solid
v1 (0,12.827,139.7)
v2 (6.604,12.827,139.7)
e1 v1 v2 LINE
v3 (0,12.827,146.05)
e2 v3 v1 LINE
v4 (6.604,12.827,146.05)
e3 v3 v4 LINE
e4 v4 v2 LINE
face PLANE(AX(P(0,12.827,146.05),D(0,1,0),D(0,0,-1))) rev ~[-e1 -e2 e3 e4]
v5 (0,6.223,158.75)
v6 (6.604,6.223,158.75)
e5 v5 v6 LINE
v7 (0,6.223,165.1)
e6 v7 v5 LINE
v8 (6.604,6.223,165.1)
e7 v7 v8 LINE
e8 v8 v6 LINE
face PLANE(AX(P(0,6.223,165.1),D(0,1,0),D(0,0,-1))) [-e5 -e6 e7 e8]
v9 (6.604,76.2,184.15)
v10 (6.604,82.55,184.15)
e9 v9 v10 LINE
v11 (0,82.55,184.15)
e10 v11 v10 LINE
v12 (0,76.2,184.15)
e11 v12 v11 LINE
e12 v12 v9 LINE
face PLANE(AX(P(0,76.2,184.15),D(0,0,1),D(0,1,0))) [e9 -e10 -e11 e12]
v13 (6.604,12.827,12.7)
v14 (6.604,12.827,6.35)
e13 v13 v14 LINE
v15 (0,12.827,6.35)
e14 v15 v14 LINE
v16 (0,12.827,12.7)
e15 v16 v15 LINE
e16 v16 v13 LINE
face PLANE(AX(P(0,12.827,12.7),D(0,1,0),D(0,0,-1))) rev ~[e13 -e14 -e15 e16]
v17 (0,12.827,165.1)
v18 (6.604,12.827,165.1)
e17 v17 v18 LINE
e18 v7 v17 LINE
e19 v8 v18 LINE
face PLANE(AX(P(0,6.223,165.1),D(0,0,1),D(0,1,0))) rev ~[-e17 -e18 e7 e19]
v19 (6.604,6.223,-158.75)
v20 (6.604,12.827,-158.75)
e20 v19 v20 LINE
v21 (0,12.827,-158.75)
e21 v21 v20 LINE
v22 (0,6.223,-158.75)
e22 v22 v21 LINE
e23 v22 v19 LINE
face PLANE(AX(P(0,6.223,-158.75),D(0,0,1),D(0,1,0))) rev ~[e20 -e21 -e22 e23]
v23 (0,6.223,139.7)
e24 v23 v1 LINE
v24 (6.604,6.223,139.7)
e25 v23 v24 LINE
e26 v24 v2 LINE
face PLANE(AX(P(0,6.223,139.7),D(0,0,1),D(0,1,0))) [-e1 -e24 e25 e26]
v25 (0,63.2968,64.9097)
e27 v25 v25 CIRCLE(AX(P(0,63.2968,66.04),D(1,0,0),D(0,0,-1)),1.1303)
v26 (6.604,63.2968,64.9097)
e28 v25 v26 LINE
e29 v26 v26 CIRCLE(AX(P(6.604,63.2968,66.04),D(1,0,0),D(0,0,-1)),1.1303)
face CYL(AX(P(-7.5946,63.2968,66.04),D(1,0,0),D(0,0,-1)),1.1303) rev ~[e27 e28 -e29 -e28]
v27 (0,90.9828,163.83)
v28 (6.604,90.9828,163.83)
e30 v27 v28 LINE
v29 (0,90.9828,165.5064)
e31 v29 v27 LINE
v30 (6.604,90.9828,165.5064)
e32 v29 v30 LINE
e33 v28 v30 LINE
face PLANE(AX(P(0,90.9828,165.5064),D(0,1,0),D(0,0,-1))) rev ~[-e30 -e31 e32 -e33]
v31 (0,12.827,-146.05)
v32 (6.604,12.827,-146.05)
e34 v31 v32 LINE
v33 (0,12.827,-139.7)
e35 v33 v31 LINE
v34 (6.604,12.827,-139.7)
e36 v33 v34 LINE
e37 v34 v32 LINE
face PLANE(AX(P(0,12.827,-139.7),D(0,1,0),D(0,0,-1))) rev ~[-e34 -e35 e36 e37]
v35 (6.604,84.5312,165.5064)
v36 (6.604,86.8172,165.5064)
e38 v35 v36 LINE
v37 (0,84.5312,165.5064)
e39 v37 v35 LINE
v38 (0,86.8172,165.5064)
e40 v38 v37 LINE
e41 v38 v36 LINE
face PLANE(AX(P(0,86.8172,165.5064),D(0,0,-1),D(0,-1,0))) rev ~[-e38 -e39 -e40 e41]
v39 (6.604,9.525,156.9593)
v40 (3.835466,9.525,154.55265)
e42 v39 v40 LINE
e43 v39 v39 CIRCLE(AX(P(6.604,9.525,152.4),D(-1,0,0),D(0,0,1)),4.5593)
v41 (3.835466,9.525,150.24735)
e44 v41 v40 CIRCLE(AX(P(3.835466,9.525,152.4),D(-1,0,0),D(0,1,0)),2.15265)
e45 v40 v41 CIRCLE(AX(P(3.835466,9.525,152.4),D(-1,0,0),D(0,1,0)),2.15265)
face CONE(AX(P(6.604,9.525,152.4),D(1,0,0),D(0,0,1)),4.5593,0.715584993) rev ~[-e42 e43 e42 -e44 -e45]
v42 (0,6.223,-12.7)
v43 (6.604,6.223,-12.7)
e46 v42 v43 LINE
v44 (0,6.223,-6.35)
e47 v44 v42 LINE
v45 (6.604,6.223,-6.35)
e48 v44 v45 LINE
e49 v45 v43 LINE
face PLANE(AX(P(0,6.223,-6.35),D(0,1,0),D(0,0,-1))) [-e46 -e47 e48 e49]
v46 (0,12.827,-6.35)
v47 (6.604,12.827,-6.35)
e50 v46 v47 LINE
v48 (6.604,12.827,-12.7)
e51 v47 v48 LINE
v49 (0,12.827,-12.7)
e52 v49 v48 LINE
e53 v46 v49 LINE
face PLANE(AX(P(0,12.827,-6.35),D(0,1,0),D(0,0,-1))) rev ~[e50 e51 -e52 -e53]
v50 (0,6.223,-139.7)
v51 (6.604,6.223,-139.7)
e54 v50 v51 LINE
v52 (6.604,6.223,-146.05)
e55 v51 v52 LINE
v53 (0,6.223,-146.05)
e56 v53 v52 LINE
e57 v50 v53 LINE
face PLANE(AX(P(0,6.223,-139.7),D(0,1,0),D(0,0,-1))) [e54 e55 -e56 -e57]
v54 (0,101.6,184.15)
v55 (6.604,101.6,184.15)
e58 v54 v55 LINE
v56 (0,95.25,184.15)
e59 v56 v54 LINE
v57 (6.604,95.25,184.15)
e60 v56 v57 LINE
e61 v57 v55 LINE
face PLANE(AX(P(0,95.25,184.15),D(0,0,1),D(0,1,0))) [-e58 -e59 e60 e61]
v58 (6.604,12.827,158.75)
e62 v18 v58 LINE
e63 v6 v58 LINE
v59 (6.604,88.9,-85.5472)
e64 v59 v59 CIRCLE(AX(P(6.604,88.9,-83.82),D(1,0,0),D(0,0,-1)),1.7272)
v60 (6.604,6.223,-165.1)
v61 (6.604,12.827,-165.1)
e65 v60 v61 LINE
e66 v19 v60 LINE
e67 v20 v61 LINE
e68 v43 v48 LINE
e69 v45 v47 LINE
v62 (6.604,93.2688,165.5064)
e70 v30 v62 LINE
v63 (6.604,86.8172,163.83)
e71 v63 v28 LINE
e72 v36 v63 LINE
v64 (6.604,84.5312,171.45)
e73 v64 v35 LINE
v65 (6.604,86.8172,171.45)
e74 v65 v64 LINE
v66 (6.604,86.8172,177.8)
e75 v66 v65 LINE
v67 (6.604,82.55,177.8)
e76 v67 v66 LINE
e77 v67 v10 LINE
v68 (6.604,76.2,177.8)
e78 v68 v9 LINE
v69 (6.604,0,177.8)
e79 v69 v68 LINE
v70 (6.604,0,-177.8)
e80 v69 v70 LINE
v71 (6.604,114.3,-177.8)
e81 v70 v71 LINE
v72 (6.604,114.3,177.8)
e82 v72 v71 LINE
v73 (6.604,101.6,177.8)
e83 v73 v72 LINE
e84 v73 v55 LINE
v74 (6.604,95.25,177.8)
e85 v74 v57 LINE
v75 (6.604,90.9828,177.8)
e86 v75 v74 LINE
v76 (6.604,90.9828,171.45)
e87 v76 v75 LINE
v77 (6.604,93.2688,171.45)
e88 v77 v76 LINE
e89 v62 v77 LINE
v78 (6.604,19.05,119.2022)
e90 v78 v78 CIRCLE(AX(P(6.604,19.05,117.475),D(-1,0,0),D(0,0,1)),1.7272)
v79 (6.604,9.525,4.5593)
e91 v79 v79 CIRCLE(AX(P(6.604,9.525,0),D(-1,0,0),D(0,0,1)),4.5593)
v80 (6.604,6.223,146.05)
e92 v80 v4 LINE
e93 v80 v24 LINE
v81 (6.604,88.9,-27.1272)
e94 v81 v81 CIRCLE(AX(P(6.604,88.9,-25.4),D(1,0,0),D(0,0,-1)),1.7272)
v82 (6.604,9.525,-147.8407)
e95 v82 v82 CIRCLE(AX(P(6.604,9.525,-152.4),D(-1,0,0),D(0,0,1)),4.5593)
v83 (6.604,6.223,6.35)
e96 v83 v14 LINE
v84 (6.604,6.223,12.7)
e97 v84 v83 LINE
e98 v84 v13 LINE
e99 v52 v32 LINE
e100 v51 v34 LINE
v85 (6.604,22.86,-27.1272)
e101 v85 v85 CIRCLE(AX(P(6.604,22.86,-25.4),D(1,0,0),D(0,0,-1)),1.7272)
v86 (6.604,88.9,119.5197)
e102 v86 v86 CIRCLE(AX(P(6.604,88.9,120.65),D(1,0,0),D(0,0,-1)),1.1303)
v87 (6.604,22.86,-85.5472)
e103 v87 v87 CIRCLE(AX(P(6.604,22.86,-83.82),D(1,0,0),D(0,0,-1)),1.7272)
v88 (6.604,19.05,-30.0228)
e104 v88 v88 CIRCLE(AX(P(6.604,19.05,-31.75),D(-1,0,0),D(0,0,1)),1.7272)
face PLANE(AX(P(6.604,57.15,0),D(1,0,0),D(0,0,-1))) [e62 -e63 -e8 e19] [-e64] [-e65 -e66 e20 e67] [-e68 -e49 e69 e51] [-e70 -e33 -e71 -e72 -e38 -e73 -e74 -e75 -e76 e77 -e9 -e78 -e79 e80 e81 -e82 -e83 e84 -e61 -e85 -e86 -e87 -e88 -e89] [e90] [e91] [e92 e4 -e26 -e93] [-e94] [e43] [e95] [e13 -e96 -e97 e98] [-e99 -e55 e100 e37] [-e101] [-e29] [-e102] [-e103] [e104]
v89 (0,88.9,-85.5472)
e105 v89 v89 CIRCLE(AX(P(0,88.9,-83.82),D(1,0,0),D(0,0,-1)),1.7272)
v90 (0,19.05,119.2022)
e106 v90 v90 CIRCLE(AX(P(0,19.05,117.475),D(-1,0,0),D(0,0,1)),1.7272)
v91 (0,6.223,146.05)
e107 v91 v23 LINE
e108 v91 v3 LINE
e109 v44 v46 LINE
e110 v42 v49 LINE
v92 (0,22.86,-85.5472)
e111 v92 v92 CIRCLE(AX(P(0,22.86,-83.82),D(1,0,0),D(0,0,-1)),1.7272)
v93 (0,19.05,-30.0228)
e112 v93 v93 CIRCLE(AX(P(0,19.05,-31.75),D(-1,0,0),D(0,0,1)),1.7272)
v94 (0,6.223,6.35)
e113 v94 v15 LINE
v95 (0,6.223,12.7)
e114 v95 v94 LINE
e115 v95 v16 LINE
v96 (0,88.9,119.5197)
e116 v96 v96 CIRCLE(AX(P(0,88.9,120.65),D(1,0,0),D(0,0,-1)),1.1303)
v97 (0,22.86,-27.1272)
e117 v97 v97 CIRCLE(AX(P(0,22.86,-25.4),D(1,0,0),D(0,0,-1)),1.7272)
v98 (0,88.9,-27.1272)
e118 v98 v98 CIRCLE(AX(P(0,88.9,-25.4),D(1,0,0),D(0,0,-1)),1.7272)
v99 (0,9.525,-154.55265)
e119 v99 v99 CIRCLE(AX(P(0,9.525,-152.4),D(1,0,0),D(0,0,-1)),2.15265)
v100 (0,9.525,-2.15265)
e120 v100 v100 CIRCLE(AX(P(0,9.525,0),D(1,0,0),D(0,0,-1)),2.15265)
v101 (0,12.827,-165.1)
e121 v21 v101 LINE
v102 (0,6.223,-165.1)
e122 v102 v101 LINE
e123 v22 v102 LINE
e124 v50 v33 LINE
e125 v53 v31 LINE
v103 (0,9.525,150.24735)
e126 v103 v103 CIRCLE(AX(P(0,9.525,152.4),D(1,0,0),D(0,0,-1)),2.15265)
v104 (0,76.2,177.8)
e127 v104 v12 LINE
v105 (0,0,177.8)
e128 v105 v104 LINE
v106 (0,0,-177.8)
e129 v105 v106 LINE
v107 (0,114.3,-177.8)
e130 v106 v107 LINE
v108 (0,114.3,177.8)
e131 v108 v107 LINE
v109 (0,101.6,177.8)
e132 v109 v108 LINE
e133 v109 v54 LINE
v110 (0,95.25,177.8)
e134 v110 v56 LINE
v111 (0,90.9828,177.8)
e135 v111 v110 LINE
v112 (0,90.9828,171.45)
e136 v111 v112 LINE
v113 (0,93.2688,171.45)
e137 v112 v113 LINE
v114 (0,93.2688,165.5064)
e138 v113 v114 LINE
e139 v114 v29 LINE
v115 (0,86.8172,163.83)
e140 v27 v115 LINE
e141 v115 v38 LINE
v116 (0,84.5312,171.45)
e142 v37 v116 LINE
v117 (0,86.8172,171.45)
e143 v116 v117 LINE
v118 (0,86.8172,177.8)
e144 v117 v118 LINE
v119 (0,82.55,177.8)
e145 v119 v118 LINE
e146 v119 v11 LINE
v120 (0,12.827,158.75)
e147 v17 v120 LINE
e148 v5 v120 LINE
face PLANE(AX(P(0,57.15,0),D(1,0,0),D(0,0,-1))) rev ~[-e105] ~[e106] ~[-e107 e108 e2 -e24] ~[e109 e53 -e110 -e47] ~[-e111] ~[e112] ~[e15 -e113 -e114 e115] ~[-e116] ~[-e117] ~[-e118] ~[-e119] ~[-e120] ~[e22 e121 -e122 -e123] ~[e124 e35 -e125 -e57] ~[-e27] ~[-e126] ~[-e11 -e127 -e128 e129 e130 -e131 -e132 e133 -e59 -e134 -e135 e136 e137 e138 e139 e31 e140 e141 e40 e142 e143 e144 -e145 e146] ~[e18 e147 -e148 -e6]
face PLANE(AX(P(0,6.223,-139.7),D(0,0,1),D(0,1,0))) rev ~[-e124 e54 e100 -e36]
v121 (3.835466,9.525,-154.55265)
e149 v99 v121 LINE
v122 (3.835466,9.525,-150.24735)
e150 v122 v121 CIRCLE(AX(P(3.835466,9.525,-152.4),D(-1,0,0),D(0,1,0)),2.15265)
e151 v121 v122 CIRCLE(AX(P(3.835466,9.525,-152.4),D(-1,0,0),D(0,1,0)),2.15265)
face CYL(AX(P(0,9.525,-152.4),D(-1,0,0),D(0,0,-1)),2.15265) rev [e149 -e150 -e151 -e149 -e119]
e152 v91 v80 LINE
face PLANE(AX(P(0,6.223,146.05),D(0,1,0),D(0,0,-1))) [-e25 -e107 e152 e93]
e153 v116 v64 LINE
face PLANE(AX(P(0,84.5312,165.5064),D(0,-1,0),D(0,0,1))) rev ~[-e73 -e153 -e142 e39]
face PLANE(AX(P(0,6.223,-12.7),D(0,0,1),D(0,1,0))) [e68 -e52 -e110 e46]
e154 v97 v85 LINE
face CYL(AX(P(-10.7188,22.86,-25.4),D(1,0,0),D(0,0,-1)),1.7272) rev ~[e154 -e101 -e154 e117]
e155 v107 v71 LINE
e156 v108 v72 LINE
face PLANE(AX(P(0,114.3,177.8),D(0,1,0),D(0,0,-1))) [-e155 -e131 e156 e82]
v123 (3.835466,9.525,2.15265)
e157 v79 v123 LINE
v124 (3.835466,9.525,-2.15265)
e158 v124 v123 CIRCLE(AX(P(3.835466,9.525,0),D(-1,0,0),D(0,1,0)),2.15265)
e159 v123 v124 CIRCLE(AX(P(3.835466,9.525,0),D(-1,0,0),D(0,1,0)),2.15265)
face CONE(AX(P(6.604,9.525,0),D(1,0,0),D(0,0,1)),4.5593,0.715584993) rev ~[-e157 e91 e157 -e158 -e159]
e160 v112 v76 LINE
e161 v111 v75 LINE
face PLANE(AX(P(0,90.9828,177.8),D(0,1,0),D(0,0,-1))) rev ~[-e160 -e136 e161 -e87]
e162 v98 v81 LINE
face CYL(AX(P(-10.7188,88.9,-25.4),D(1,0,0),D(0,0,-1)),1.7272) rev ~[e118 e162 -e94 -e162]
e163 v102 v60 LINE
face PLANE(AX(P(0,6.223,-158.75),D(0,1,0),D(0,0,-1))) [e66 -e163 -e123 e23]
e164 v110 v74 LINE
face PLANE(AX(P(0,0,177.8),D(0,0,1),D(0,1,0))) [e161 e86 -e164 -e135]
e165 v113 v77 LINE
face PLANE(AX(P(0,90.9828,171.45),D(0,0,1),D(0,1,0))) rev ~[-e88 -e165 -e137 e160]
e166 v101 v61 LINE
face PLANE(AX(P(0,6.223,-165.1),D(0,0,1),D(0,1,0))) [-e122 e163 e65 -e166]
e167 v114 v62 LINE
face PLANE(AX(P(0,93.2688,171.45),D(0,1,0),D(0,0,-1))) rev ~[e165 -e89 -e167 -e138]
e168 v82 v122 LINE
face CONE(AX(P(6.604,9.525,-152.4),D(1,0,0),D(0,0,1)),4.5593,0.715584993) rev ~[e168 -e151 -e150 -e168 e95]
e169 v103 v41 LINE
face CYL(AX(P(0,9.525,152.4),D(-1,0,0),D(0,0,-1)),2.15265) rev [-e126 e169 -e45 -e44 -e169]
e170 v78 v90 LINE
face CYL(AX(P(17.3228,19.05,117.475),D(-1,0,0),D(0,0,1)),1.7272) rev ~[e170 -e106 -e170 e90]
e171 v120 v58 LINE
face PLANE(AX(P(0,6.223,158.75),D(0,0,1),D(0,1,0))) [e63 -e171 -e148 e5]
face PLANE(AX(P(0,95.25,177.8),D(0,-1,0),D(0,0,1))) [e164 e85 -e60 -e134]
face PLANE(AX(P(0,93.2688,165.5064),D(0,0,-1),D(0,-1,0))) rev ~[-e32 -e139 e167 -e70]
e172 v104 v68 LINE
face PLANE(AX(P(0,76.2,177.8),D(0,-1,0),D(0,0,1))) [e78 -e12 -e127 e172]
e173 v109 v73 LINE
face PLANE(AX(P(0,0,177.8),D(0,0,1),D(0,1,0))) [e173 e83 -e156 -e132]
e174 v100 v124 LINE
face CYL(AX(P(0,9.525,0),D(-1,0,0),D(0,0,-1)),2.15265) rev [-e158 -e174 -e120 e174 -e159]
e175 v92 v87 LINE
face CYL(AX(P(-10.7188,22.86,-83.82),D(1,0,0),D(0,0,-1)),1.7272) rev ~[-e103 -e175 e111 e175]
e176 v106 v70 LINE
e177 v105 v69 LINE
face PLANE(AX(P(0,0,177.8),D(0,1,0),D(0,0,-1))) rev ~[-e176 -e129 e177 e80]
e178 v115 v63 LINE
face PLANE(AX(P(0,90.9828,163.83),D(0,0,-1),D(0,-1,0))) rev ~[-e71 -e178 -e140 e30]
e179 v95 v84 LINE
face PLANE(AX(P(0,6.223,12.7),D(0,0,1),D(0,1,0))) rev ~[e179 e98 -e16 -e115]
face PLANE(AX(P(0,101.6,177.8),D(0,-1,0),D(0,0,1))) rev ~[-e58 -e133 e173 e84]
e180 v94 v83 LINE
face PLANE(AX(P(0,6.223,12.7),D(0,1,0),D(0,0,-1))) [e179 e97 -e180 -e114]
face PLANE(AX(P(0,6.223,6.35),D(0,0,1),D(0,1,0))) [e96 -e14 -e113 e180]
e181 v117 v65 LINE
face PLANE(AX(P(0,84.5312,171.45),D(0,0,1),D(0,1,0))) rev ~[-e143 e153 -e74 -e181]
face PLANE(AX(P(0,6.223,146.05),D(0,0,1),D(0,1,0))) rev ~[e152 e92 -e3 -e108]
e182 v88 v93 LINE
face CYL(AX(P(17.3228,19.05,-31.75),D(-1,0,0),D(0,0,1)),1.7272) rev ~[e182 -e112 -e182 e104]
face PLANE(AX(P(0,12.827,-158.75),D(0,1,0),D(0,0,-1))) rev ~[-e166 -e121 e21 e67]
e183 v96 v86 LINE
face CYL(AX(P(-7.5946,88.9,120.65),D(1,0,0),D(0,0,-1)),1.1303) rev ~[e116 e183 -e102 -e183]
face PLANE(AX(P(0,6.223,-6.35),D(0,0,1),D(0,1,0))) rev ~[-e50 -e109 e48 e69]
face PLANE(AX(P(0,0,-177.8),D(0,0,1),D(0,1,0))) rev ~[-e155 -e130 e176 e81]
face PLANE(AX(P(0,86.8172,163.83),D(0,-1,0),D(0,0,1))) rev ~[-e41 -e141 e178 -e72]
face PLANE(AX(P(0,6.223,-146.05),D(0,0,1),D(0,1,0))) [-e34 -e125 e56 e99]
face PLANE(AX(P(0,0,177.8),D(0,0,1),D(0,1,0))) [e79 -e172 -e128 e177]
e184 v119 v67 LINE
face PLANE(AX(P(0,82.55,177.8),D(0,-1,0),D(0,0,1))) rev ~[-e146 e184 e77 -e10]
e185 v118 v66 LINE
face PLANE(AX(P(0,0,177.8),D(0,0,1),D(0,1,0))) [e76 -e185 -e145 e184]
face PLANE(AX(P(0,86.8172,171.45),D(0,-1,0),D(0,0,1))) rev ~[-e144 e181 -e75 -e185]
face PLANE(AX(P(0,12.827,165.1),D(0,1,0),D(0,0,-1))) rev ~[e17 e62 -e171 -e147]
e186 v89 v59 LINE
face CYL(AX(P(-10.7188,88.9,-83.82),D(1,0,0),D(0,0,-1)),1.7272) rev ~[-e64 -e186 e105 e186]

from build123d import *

# Parameters (mm, degrees)
SKETCH1_W                                         = 355.6
SKETCH1_H                                         = 114.3
SKETCH1_R                                         = 2.15265
SKETCH1_W_2                                       = 6.35
SKETCH1_H_2                                       = 6.604
BOSS_EXTRUDE1_DEPTH                               = 6.604
CUT_EXTRUDE1_DEPTH                                = 7.604
SKETCH6_W                                         = 6.35
SKETCH6_H                                         = 6.35
BOSS_EXTRUDE2_DEPTH                               = 6.604
CSK_FOR_8_FLAT_HEAD_SOCKET_CAP_SCREW2_D           = 4.3053
CSK_FOR_8_FLAT_HEAD_SOCKET_CAP_SCREW2_CSINK_D     = 9.1186
CSK_FOR_8_FLAT_HEAD_SOCKET_CAP_SCREW2_CSINK_ANGLE = 82
F_4_40_TAPPED_HOLE2_D                             = 2.2606
F_4_40_TAPPED_HOLE2_DEPTH                         = 7.5946
F_4_40_TAPPED_HOLE2_TIP                           = 0.679152758
F_8_32_TAPPED_HOLE1_D                             = 3.4544
F_8_32_TAPPED_HOLE1_DEPTH                         = 10.7188
F_8_32_TAPPED_HOLE1_TIP                           = 1.037806461
F_8_32_TAPPED_HOLE2_D                             = 3.4544
F_8_32_TAPPED_HOLE2_DEPTH                         = 10.7188
F_8_32_TAPPED_HOLE2_TIP                           = 1.037806461


with BuildPart() as part:
    # Sketch1 → Boss-Extrude1 (new body)
    with BuildSketch(Plane(origin=(0, 0, 0), x_dir=(0, 0, -1), z_dir=(1, 0, 0))):
        with Locations((0, 57.15)):
            Rectangle(SKETCH1_W, SKETCH1_H)
        with Locations((-152.4, 9.525)):
            Circle(SKETCH1_R, mode=Mode.SUBTRACT)
        with Locations((0, 9.525)):
            Circle(SKETCH1_R, mode=Mode.SUBTRACT)
        with Locations((152.4, 9.525)):
            Circle(SKETCH1_R, mode=Mode.SUBTRACT)
        with Locations((-142.875, 9.525)):
            Rectangle(SKETCH1_W_2, SKETCH1_H_2, mode=Mode.SUBTRACT)
        with Locations((-161.925, 9.525)):
            Rectangle(SKETCH1_W_2, SKETCH1_H_2, mode=Mode.SUBTRACT)
        with Locations((9.525, 9.525)):
            Rectangle(SKETCH1_W_2, SKETCH1_H_2, mode=Mode.SUBTRACT)
        with Locations((-9.525, 9.525)):
            Rectangle(SKETCH1_W_2, SKETCH1_H_2, mode=Mode.SUBTRACT)
        with Locations((161.925, 9.525)):
            Rectangle(SKETCH1_W_2, SKETCH1_H_2, mode=Mode.SUBTRACT)
        with Locations((142.875, 9.525)):
            Rectangle(SKETCH1_W_2, SKETCH1_H_2, mode=Mode.SUBTRACT)
    extrude(amount=BOSS_EXTRUDE1_DEPTH)

    # Sketch5 → Cut-Extrude1 (cut, through all)
    with BuildSketch(Plane.ZY):
        Polygon((177.8, 90.9828), (171.45, 90.9828), (171.45, 93.2688), (165.5064, 93.2688), (165.5064, 90.9828), (163.83, 90.9828), (163.83, 86.8172), (165.5064, 86.8172), (165.5064, 84.5312), (171.45, 84.5312), (171.45, 86.8172), (177.8, 86.8172), align=None)
    extrude(amount=-CUT_EXTRUDE1_DEPTH, mode=Mode.SUBTRACT)

    # Sketch6 → Boss-Extrude2 (add)
    with BuildSketch(Plane.ZY):
        with Locations((180.975, 98.425)):
            Rectangle(SKETCH6_W, SKETCH6_H)
        with Locations((180.975, 79.375)):
            Rectangle(SKETCH6_W, SKETCH6_H)
    extrude(amount=-BOSS_EXTRUDE2_DEPTH)

    # CSK for #8 Flat Head Socket Cap Screw2 (through all)
    with Locations(Plane(origin=(6.604, 0, 0), x_dir=(0, 0, -1), z_dir=(1, 0, 0))):
        with Locations((-152.4, 9.525), (0, 9.525), (152.4, 9.525)):
            CounterSinkHole(CSK_FOR_8_FLAT_HEAD_SOCKET_CAP_SCREW2_D / 2, CSK_FOR_8_FLAT_HEAD_SOCKET_CAP_SCREW2_CSINK_D / 2, counter_sink_angle=CSK_FOR_8_FLAT_HEAD_SOCKET_CAP_SCREW2_CSINK_ANGLE)

    # #4-40 Tapped Hole2
    with Locations(Plane.ZY):
        with Locations((120.65, 88.9), (66.04, 63.2968)):
            Hole(F_4_40_TAPPED_HOLE2_D / 2, depth=F_4_40_TAPPED_HOLE2_DEPTH)
            with Locations((0, 0, -(F_4_40_TAPPED_HOLE2_DEPTH + F_4_40_TAPPED_HOLE2_TIP / 2))):  # 118° drill point
                Cone(0, F_4_40_TAPPED_HOLE2_D / 2, F_4_40_TAPPED_HOLE2_TIP, mode=Mode.SUBTRACT)

    # #8-32 Tapped Hole1
    with Locations(Plane.ZY):
        with Locations((-83.82, 88.9), (-25.4, 88.9), (-83.82, 22.86), (-25.4, 22.86)):
            Hole(F_8_32_TAPPED_HOLE1_D / 2, depth=F_8_32_TAPPED_HOLE1_DEPTH)
            with Locations((0, 0, -(F_8_32_TAPPED_HOLE1_DEPTH + F_8_32_TAPPED_HOLE1_TIP / 2))):  # 118° drill point
                Cone(0, F_8_32_TAPPED_HOLE1_D / 2, F_8_32_TAPPED_HOLE1_TIP, mode=Mode.SUBTRACT)

    # #8-32 Tapped Hole2
    with Locations(Plane(origin=(6.604, 0, 0), x_dir=(0, 0, -1), z_dir=(1, 0, 0))):
        with Locations((-117.475, 19.05), (31.75, 19.05)):
            Hole(F_8_32_TAPPED_HOLE2_D / 2, depth=F_8_32_TAPPED_HOLE2_DEPTH)
            with Locations((0, 0, -(F_8_32_TAPPED_HOLE2_DEPTH + F_8_32_TAPPED_HOLE2_TIP / 2))):  # 118° drill point
                Cone(0, F_8_32_TAPPED_HOLE2_D / 2, F_8_32_TAPPED_HOLE2_TIP, mode=Mode.SUBTRACT)


solid = part.part
